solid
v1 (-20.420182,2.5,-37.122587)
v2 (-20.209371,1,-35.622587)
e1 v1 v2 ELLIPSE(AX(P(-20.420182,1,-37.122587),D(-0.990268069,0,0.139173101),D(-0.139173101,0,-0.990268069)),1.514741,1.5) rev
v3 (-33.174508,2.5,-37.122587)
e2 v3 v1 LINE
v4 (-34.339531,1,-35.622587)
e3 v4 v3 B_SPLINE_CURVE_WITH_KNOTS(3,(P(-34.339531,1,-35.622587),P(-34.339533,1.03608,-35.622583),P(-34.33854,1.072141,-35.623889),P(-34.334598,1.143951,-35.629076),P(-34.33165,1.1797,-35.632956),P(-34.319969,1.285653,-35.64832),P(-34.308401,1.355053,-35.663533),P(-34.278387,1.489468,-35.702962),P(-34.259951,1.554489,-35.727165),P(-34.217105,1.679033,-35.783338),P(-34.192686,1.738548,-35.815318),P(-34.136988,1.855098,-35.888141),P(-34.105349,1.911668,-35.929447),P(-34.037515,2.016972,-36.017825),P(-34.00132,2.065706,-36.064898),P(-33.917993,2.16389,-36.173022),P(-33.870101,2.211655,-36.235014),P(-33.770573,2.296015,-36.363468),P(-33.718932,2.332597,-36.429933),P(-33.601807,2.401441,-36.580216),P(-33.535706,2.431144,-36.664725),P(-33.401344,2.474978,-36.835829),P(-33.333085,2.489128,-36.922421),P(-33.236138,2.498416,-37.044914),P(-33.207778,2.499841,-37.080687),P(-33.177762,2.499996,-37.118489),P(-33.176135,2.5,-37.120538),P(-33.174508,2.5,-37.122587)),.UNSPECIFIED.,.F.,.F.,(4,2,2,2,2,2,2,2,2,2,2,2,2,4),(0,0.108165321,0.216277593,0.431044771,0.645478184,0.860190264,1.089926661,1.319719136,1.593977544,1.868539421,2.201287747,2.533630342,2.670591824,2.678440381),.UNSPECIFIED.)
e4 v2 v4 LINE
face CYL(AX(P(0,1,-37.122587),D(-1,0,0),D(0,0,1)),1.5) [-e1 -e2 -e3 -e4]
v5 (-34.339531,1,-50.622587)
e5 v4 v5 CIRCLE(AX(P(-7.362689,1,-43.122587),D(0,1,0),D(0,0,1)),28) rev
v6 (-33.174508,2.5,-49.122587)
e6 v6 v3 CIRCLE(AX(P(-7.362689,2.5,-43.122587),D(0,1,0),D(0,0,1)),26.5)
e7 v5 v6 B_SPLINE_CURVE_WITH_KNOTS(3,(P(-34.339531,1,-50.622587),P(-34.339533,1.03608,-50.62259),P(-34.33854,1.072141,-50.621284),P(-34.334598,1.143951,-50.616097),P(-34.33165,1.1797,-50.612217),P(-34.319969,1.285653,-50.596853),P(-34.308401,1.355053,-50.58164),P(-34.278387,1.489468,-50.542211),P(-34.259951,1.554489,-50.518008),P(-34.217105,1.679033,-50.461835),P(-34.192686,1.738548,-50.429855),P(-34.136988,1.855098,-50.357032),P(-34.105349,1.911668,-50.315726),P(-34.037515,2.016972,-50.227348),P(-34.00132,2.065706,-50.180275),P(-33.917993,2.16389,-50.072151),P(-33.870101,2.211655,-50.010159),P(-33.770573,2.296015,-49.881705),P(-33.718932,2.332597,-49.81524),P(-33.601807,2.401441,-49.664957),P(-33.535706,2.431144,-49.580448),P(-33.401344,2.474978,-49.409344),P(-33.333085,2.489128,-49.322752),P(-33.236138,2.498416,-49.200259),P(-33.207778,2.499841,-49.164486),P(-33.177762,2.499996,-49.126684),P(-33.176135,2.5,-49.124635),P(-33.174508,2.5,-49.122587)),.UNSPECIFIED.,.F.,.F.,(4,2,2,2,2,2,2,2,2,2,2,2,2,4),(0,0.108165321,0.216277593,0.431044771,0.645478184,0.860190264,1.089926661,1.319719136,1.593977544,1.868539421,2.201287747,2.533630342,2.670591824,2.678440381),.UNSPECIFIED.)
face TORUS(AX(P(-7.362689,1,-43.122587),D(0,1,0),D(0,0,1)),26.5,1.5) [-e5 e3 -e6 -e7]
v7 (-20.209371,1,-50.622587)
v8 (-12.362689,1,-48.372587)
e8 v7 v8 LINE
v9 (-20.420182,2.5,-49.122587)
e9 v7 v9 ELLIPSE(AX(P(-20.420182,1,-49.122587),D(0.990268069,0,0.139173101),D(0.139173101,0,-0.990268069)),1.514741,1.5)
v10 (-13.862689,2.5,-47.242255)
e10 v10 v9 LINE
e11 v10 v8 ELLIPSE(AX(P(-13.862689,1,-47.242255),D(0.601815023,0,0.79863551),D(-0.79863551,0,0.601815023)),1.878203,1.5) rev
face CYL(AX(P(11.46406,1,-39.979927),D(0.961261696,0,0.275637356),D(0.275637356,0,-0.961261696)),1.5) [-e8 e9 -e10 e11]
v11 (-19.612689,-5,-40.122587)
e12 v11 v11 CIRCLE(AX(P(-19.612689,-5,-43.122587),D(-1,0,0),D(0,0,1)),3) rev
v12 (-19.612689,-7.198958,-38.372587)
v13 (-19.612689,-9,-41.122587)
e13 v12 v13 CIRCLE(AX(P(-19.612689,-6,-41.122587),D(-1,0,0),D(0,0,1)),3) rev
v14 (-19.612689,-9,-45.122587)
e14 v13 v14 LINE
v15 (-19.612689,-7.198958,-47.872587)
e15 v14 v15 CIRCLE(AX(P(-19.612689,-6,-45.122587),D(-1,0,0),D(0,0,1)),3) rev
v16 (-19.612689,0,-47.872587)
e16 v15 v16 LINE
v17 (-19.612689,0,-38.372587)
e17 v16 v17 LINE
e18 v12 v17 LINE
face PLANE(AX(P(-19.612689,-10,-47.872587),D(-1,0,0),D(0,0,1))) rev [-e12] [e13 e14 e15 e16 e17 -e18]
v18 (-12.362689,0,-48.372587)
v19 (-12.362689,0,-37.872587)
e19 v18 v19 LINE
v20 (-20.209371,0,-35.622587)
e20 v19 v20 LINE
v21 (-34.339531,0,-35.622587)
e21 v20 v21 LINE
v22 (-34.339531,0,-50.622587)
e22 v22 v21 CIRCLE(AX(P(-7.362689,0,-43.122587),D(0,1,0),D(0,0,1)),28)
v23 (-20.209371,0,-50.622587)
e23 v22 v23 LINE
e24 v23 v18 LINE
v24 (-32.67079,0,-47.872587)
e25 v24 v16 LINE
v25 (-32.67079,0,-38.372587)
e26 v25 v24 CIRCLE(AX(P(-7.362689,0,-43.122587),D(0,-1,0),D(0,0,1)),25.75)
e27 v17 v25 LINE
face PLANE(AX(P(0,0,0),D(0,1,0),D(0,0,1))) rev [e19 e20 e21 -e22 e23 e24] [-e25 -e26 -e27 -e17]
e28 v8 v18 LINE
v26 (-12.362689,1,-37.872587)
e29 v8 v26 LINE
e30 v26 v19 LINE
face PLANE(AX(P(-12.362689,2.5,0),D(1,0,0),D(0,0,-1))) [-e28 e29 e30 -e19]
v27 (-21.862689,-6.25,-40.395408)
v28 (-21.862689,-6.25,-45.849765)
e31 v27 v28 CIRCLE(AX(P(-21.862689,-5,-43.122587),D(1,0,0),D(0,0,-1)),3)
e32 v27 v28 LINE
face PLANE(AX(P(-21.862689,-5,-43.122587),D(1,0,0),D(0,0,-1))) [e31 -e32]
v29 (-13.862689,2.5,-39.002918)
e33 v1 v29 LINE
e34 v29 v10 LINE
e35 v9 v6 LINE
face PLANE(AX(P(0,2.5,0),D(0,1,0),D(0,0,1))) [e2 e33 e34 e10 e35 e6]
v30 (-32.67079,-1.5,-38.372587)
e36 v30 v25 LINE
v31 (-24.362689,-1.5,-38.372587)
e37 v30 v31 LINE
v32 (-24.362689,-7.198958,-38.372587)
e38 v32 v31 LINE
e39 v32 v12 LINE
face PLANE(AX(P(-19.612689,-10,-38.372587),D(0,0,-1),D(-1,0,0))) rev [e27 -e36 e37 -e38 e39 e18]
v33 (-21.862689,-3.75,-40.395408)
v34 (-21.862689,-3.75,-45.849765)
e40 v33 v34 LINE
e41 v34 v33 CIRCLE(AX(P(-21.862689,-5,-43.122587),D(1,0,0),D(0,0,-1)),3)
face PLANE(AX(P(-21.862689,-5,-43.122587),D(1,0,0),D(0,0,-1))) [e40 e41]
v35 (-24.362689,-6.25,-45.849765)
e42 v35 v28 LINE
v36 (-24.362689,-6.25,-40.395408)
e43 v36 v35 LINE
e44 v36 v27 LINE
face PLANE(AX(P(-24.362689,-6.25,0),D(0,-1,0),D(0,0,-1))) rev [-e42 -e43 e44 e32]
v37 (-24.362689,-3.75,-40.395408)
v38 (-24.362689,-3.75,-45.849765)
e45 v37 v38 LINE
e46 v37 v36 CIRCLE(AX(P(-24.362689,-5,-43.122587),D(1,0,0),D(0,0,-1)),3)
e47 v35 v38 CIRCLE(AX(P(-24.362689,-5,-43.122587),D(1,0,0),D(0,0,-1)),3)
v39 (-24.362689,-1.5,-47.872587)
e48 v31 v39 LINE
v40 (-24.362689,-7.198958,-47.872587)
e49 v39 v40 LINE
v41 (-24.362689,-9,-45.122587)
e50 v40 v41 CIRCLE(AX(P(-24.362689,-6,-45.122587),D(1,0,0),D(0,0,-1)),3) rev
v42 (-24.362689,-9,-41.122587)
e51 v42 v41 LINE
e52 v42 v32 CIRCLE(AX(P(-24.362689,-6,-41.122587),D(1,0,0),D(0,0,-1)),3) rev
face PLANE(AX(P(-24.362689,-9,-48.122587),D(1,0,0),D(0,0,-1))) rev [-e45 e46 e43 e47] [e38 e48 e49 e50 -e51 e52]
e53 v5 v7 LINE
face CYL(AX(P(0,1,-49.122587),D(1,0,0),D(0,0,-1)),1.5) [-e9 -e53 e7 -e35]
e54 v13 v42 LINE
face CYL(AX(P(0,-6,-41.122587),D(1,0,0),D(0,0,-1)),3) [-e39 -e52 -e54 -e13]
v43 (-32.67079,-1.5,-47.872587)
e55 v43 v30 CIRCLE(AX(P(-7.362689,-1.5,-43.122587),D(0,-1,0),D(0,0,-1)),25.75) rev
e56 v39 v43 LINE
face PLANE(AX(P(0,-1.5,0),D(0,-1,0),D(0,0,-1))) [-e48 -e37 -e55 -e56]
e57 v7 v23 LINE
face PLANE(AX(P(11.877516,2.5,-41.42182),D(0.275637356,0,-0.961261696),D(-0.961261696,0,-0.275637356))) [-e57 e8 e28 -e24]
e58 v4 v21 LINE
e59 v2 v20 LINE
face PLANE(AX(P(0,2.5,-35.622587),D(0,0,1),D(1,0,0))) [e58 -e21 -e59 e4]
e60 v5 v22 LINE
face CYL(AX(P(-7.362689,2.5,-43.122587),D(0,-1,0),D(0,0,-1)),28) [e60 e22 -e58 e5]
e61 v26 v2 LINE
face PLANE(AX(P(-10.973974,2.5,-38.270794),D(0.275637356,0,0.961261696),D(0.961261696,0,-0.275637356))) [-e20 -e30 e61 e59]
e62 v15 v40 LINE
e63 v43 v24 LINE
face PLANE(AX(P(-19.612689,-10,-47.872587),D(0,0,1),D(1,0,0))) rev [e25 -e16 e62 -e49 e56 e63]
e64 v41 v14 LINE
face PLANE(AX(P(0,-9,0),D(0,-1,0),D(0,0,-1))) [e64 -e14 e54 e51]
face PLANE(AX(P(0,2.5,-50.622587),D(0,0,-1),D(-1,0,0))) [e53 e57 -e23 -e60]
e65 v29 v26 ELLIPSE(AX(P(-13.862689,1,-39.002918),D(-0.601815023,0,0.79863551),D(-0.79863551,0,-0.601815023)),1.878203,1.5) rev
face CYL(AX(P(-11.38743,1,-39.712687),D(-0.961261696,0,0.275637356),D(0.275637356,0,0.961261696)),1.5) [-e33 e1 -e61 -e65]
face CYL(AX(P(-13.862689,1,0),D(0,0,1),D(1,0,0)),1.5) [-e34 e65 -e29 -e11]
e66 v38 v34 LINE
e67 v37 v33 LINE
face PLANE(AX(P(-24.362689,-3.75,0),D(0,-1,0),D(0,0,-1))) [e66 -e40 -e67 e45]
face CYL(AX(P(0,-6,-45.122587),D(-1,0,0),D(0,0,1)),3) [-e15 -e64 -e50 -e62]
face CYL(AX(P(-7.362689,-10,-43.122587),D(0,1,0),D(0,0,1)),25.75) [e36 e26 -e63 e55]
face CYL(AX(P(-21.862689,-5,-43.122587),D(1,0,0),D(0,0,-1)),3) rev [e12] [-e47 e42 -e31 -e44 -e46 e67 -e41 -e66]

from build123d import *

# Parameters (mm, degrees)
BOSS_EXTRUDE1_DEPTH      = 2.5
BOSS_EXTRUDE2_DEPTH      = 1.5
BOSS_EXTRUDE2_DEPTH_BACK = 1.5
FILLET1_R                = 1.5
SKETCH5_W                = 5
SKETCH5_H                = 10
BOSS_EXTRUDE3_DEPTH      = 7.5
SKETCH6_R                = 3
CUT_EXTRUDE1_DEPTH       = 2.5
CUT_EXTRUDE2_DEPTH       = 2.5
FILLET2_R                = 3
CUT_EXTRUDE3_DEPTH       = 10


with BuildPart() as part:
    # Sketch1 → Boss-Extrude1 (new body)
    with BuildSketch(Plane(origin=(0, 0, 0), x_dir=(1, 0, 0), z_dir=(0, 1, 0))):
        with BuildLine():
            Line((-20.209371097, 50.622586501), (-32.257467167, 50.622586501))
            ThreePointArc((-32.257467167, 50.622586501), (-33.362688598, 43.122586501), (-32.257467167, 35.622586501))
            Line((-32.257467167, 35.622586501), (-20.209371097, 35.622586501))
            Line((-20.209371097, 35.622586501), (-12.362688598, 37.872586501))
            Line((-12.362688598, 37.872586501), (-12.362688598, 48.372586501))
            Line((-12.362688598, 48.372586501), (-20.209371097, 50.622586501))
        make_face()
        with BuildLine():
            Line((-32.257467167, 50.622586501), (-34.339530518, 50.622586501))
            ThreePointArc((-34.339530518, 50.622586501), (-35.362688598, 43.122586501), (-34.339530518, 35.622586501))
            Line((-34.339530518, 35.622586501), (-32.257467167, 35.622586501))
            ThreePointArc((-32.257467167, 35.622586501), (-33.362688598, 43.122586501), (-32.257467167, 50.622586501))
        make_face()
    extrude(amount=BOSS_EXTRUDE1_DEPTH)

    # Sketch4 → Boss-Extrude2 (add, two sides)
    with BuildSketch(Plane.XZ) as boss_extrude2_sk:
        with BuildLine():
            Line((-19.362688598, -38.122586501), (-32.877390242, -38.122586501))
            ThreePointArc((-32.877390242, -38.122586501), (-33.362688598, -43.122586501), (-32.877390242, -48.122586501))
            Line((-32.877390242, -48.122586501), (-19.362688598, -48.122586501))
            Line((-19.362688598, -48.122586501), (-19.362688598, -38.122586501))
        make_face()
    extrude(amount=BOSS_EXTRUDE2_DEPTH)
    extrude(boss_extrude2_sk.sketch, amount=-BOSS_EXTRUDE2_DEPTH_BACK)

    # Fillet1
    fillet1_edges = [part.edges().sort_by_distance(p)[0] for p in [
        (-27.274450808, 2.5, -35.622586501),
        (-16.286029847, 2.5, -36.747586501),
        (-12.362688598, 2.5, -43.122586501),
        (-16.286029847, 2.5, -49.497586501),
        (-27.274450808, 2.5, -50.622586501),
        (-35.362688598, 2.5, -43.122586501),
    ]]
    fillet(fillet1_edges, radius=FILLET1_R)

    # Sketch5 → Boss-Extrude3 (add)
    with BuildSketch(Plane.XZ.offset(1.5)):
        with Locations((-21.862688598, -43.122586501)):
            Rectangle(SKETCH5_W, SKETCH5_H)
    extrude(amount=BOSS_EXTRUDE3_DEPTH)

    # Sketch6 → Cut-Extrude1 (cut)
    with BuildSketch(Plane(origin=(-19.362688598, 0, 0), x_dir=(0, 0, -1), z_dir=(1, 0, 0))):
        with Locations((43.122586501, -5)):
            Circle(SKETCH6_R)
    extrude(amount=-CUT_EXTRUDE1_DEPTH, mode=Mode.SUBTRACT)

    # Sketch7 → Cut-Extrude2 (cut)
    with BuildSketch(Plane(origin=(-21.862688598, 0, 0), x_dir=(0, 0, -1), z_dir=(1, 0, 0))):
        with BuildLine():
            Line((45.84976453, -3.75), (40.395408473, -3.75))
            ThreePointArc((40.395408473, -3.75), (40.122586501, -5), (40.395408473, -6.25))
            Line((40.395408473, -6.25), (45.84976453, -6.25))
            ThreePointArc((45.84976453, -6.25), (46.053587532, -5.639713183), (46.122586501, -5))
            ThreePointArc((46.122586501, -5), (46.053587532, -4.360286817), (45.84976453, -3.75))
        make_face()
    extrude(amount=-CUT_EXTRUDE2_DEPTH, mode=Mode.SUBTRACT)

    # Fillet2
    fillet2_edges = [part.edges().sort_by_distance(p)[0] for p in [
        (-21.862688598, -9, -38.122586501),
        (-21.862688598, -9, -48.122586501),
    ]]
    fillet(fillet2_edges, radius=FILLET2_R)

    # Sketch8 → Cut-Extrude3 (cut)
    with BuildSketch(Plane.XZ):
        with BuildLine():
            Line((-19.362688598, -48.122586501), (-19.362688598, -38.122586501))
            Line((-19.362688598, -38.122586501), (-32.877390242, -38.122586501))
            ThreePointArc((-32.877390242, -38.122586501), (-33.362688598, -43.122586501), (-32.877390242, -48.122586501))
            Line((-32.877390242, -48.122586501), (-19.362688598, -48.122586501))
        make_face()
        with BuildLine():
            Line((-19.612688598, -47.872586501), (-19.612688598, -38.372586501))
            Line((-19.612688598, -38.372586501), (-32.670790068, -38.372586501))
            ThreePointArc((-32.670790068, -38.372586501), (-33.112688598, -43.122586501), (-32.670790068, -47.872586501))
            Line((-32.670790068, -47.872586501), (-19.612688598, -47.872586501))
        make_face(mode=Mode.SUBTRACT)
    extrude(amount=CUT_EXTRUDE3_DEPTH, mode=Mode.SUBTRACT)


solid = part.part
